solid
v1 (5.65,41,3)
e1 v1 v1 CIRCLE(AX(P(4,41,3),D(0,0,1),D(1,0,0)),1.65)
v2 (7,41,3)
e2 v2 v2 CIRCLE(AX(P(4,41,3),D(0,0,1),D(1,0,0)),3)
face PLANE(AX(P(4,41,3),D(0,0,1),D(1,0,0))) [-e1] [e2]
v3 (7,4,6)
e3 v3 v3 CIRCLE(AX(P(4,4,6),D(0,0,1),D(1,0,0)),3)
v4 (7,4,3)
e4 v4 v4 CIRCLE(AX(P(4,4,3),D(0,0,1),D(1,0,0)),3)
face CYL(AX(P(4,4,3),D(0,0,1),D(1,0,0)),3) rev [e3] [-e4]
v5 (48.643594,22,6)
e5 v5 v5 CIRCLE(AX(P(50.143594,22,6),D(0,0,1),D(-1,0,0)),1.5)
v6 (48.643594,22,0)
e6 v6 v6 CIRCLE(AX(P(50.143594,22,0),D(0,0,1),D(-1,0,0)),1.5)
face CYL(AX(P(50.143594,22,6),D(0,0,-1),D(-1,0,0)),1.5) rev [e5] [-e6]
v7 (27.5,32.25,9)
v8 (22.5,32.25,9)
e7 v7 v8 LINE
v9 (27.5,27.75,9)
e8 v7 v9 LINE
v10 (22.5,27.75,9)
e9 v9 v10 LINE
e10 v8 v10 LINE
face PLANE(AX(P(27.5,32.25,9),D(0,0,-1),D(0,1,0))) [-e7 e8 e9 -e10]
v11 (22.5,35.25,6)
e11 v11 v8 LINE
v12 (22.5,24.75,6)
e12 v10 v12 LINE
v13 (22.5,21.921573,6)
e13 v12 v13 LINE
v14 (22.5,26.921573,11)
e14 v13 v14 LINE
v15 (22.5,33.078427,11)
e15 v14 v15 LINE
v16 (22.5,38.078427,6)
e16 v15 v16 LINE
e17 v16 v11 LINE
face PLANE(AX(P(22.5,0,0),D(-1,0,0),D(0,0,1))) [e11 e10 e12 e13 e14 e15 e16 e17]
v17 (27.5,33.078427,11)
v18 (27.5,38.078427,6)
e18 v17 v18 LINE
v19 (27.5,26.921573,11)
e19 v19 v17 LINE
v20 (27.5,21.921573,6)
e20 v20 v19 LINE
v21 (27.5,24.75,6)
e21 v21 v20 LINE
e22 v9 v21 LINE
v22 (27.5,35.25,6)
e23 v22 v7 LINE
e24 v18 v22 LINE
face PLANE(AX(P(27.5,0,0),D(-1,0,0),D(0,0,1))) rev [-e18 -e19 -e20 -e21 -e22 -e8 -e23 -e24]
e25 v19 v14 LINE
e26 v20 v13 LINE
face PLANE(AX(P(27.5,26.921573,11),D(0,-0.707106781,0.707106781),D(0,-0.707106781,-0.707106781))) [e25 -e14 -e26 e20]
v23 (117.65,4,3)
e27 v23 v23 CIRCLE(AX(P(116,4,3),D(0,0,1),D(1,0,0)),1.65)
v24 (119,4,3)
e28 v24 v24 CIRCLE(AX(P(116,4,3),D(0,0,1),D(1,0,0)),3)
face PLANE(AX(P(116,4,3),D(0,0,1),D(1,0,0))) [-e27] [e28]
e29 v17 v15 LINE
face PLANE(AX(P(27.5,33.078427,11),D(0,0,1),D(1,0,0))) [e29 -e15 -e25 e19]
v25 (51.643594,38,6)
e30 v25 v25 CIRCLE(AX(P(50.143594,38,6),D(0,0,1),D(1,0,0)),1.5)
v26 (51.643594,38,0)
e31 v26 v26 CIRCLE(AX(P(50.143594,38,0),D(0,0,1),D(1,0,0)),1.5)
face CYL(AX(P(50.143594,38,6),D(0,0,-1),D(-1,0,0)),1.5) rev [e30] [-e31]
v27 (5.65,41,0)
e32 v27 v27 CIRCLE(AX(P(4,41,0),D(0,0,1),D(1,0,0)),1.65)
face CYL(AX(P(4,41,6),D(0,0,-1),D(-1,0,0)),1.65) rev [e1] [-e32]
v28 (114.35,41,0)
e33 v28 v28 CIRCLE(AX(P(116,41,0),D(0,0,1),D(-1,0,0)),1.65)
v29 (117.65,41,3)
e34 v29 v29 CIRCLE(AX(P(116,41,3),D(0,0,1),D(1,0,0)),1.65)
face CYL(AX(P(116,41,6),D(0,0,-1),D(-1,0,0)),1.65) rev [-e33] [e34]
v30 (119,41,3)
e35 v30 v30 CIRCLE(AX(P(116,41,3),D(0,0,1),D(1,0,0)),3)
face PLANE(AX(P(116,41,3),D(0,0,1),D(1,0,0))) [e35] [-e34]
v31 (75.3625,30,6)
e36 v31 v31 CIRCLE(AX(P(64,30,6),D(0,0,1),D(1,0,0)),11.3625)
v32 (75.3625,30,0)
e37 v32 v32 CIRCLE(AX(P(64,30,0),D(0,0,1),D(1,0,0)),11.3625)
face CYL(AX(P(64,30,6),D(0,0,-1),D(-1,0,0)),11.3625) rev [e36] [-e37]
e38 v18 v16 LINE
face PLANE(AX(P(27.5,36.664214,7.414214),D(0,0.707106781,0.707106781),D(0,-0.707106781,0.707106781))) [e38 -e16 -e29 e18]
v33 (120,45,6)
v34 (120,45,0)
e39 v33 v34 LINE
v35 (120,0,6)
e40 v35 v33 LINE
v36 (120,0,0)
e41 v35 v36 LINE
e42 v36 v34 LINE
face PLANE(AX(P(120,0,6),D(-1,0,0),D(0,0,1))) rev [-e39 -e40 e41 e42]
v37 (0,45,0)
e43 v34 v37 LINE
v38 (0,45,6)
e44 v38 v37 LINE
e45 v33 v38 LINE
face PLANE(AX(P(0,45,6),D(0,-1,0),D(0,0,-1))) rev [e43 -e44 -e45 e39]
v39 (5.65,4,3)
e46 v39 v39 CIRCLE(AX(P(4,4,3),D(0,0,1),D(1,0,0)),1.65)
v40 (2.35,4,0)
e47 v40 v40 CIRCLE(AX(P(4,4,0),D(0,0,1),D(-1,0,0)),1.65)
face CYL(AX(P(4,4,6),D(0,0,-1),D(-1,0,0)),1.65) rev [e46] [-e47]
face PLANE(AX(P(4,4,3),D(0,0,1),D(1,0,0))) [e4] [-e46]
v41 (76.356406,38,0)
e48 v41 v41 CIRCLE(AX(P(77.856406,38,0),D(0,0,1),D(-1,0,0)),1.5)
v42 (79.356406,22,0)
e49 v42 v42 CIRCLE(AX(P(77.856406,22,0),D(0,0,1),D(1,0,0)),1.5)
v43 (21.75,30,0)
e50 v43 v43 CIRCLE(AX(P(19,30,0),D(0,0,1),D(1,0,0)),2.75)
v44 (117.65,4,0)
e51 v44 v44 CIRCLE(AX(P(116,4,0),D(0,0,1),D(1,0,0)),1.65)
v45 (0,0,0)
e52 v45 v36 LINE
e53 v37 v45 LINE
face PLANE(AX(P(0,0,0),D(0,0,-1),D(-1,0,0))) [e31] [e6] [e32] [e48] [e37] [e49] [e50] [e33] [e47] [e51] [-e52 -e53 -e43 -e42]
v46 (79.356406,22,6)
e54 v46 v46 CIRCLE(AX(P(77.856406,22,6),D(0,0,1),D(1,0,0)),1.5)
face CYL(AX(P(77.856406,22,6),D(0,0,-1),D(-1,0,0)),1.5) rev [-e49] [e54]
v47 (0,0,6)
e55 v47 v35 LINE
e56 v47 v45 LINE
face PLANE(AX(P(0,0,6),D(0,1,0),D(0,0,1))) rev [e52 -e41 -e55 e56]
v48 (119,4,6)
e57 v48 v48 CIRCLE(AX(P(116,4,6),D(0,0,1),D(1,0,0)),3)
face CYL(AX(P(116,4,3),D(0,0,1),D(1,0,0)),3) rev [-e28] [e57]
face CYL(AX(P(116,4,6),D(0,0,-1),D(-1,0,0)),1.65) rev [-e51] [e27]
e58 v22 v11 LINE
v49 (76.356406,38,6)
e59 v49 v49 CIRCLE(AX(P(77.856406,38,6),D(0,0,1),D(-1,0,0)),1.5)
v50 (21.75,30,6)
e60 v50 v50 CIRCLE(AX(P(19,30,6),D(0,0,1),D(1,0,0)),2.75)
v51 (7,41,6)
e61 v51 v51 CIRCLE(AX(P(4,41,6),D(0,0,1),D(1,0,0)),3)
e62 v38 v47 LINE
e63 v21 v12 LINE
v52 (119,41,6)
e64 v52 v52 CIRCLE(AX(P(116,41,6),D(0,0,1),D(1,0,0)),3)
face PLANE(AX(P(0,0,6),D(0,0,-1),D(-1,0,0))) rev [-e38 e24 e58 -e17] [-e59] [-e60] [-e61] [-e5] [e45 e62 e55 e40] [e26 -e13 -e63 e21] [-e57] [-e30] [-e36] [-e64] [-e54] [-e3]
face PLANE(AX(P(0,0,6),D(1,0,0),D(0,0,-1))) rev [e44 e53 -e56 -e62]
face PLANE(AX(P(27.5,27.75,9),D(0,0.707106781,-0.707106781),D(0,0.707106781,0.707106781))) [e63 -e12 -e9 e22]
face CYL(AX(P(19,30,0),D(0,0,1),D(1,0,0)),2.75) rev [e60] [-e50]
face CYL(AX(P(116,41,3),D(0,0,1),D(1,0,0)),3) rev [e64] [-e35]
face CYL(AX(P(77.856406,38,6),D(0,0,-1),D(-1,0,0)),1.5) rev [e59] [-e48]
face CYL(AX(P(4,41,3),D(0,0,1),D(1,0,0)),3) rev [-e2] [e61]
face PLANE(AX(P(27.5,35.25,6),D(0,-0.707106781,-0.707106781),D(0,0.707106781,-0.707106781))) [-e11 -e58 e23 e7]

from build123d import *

# Parameters (mm, degrees)
SKETCH1_W           = 120
SKETCH1_H           = 45
SKETCH1_R           = 11.3625
SKETCH1_R_2         = 1.65
SKETCH1_R_3         = 1.5
BOSS_EXTRUDE1_DEPTH = 6
CUT_EXTRUDE1_START  = -3
SKETCH2_R           = 3
SKETCH2_R_2         = 1.65
CUT_EXTRUDE1_DEPTH  = 3
SKETCH3_R           = 2.75
CUT_EXTRUDE2_DEPTH  = 129.300428682
BOSS_EXTRUDE2_START = -22.5
BOSS_EXTRUDE2_DEPTH = 5


with BuildPart() as part:
    # Sketch1 → Boss-Extrude1 (new body)
    with BuildSketch(Plane.XY):
        with Locations((60, 22.5)):
            Rectangle(SKETCH1_W, SKETCH1_H)
        with Locations((64, 30)):
            Circle(SKETCH1_R, mode=Mode.SUBTRACT)
        with Locations((4, 41)):
            Circle(SKETCH1_R_2, mode=Mode.SUBTRACT)
        with Locations(Location((4, 4, 0), (0, 0, 180))):
            Circle(SKETCH1_R_2, mode=Mode.SUBTRACT)
        with Locations(Location((116, 41, 0), (0, 0, 180))):
            Circle(SKETCH1_R_2, mode=Mode.SUBTRACT)
        with Locations((116, 4)):
            Circle(SKETCH1_R_2, mode=Mode.SUBTRACT)
        with Locations((50.143593539, 38)):
            Circle(SKETCH1_R_3, mode=Mode.SUBTRACT)
        with Locations(Location((50.143593539, 22, 0), (0, 0, 180))):
            Circle(SKETCH1_R_3, mode=Mode.SUBTRACT)
        with Locations((77.856406461, 22)):
            Circle(SKETCH1_R_3, mode=Mode.SUBTRACT)
        with Locations(Location((77.856406461, 38, 0), (0, 0, 180))):
            Circle(SKETCH1_R_3, mode=Mode.SUBTRACT)
    extrude(amount=BOSS_EXTRUDE1_DEPTH)

    # Sketch2 → Cut-Extrude1 (cut)
    # profile 1 of 4: a face of its own
    with BuildSketch(Plane.XY.offset(6).offset(CUT_EXTRUDE1_START)):
        with Locations((4, 41)):
            Circle(SKETCH2_R)
        with Locations((4, 41)):
            Circle(SKETCH2_R_2, mode=Mode.SUBTRACT)
    # profile 2 of 4: a face of its own
    with BuildSketch(Plane.XY.offset(6).offset(CUT_EXTRUDE1_START)):
        with Locations((4, 4)):
            Circle(SKETCH2_R)
        with Locations(Location((4, 4, 0), (0, 0, 180))):
            Circle(SKETCH2_R_2, mode=Mode.SUBTRACT)
    # profile 3 of 4: a face of its own
    with BuildSketch(Plane.XY.offset(6).offset(CUT_EXTRUDE1_START)):
        with Locations((116, 4)):
            Circle(SKETCH2_R)
        with Locations((116, 4)):
            Circle(SKETCH2_R_2, mode=Mode.SUBTRACT)
    # profile 4 of 4: a face of its own
    with BuildSketch(Plane.XY.offset(6).offset(CUT_EXTRUDE1_START)):
        with Locations((116, 41)):
            Circle(SKETCH2_R)
        with Locations(Location((116, 41, 0), (0, 0, 180))):
            Circle(SKETCH2_R_2, mode=Mode.SUBTRACT)
    extrude(amount=CUT_EXTRUDE1_DEPTH, mode=Mode.SUBTRACT)

    # Sketch3 → Cut-Extrude2 (cut, through all)
    with BuildSketch(Plane.XY.offset(6)):
        with Locations((19, 30)):
            Circle(SKETCH3_R)
    extrude(amount=-CUT_EXTRUDE2_DEPTH, mode=Mode.SUBTRACT)

    # Sketch4 → Boss-Extrude2 (add)
    with BuildSketch(Plane.ZY.offset(BOSS_EXTRUDE2_START)):
        Polygon((6, 35.25), (9, 32.25), (9, 27.75), (6, 24.75), (6, 21.921572875), (7.414213562, 23.335786438), (11, 26.921572875), (11, 33.078427125), (7.414213562, 36.664213562), (6, 38.078427125), align=None)
    extrude(amount=-BOSS_EXTRUDE2_DEPTH)


solid = part.part
